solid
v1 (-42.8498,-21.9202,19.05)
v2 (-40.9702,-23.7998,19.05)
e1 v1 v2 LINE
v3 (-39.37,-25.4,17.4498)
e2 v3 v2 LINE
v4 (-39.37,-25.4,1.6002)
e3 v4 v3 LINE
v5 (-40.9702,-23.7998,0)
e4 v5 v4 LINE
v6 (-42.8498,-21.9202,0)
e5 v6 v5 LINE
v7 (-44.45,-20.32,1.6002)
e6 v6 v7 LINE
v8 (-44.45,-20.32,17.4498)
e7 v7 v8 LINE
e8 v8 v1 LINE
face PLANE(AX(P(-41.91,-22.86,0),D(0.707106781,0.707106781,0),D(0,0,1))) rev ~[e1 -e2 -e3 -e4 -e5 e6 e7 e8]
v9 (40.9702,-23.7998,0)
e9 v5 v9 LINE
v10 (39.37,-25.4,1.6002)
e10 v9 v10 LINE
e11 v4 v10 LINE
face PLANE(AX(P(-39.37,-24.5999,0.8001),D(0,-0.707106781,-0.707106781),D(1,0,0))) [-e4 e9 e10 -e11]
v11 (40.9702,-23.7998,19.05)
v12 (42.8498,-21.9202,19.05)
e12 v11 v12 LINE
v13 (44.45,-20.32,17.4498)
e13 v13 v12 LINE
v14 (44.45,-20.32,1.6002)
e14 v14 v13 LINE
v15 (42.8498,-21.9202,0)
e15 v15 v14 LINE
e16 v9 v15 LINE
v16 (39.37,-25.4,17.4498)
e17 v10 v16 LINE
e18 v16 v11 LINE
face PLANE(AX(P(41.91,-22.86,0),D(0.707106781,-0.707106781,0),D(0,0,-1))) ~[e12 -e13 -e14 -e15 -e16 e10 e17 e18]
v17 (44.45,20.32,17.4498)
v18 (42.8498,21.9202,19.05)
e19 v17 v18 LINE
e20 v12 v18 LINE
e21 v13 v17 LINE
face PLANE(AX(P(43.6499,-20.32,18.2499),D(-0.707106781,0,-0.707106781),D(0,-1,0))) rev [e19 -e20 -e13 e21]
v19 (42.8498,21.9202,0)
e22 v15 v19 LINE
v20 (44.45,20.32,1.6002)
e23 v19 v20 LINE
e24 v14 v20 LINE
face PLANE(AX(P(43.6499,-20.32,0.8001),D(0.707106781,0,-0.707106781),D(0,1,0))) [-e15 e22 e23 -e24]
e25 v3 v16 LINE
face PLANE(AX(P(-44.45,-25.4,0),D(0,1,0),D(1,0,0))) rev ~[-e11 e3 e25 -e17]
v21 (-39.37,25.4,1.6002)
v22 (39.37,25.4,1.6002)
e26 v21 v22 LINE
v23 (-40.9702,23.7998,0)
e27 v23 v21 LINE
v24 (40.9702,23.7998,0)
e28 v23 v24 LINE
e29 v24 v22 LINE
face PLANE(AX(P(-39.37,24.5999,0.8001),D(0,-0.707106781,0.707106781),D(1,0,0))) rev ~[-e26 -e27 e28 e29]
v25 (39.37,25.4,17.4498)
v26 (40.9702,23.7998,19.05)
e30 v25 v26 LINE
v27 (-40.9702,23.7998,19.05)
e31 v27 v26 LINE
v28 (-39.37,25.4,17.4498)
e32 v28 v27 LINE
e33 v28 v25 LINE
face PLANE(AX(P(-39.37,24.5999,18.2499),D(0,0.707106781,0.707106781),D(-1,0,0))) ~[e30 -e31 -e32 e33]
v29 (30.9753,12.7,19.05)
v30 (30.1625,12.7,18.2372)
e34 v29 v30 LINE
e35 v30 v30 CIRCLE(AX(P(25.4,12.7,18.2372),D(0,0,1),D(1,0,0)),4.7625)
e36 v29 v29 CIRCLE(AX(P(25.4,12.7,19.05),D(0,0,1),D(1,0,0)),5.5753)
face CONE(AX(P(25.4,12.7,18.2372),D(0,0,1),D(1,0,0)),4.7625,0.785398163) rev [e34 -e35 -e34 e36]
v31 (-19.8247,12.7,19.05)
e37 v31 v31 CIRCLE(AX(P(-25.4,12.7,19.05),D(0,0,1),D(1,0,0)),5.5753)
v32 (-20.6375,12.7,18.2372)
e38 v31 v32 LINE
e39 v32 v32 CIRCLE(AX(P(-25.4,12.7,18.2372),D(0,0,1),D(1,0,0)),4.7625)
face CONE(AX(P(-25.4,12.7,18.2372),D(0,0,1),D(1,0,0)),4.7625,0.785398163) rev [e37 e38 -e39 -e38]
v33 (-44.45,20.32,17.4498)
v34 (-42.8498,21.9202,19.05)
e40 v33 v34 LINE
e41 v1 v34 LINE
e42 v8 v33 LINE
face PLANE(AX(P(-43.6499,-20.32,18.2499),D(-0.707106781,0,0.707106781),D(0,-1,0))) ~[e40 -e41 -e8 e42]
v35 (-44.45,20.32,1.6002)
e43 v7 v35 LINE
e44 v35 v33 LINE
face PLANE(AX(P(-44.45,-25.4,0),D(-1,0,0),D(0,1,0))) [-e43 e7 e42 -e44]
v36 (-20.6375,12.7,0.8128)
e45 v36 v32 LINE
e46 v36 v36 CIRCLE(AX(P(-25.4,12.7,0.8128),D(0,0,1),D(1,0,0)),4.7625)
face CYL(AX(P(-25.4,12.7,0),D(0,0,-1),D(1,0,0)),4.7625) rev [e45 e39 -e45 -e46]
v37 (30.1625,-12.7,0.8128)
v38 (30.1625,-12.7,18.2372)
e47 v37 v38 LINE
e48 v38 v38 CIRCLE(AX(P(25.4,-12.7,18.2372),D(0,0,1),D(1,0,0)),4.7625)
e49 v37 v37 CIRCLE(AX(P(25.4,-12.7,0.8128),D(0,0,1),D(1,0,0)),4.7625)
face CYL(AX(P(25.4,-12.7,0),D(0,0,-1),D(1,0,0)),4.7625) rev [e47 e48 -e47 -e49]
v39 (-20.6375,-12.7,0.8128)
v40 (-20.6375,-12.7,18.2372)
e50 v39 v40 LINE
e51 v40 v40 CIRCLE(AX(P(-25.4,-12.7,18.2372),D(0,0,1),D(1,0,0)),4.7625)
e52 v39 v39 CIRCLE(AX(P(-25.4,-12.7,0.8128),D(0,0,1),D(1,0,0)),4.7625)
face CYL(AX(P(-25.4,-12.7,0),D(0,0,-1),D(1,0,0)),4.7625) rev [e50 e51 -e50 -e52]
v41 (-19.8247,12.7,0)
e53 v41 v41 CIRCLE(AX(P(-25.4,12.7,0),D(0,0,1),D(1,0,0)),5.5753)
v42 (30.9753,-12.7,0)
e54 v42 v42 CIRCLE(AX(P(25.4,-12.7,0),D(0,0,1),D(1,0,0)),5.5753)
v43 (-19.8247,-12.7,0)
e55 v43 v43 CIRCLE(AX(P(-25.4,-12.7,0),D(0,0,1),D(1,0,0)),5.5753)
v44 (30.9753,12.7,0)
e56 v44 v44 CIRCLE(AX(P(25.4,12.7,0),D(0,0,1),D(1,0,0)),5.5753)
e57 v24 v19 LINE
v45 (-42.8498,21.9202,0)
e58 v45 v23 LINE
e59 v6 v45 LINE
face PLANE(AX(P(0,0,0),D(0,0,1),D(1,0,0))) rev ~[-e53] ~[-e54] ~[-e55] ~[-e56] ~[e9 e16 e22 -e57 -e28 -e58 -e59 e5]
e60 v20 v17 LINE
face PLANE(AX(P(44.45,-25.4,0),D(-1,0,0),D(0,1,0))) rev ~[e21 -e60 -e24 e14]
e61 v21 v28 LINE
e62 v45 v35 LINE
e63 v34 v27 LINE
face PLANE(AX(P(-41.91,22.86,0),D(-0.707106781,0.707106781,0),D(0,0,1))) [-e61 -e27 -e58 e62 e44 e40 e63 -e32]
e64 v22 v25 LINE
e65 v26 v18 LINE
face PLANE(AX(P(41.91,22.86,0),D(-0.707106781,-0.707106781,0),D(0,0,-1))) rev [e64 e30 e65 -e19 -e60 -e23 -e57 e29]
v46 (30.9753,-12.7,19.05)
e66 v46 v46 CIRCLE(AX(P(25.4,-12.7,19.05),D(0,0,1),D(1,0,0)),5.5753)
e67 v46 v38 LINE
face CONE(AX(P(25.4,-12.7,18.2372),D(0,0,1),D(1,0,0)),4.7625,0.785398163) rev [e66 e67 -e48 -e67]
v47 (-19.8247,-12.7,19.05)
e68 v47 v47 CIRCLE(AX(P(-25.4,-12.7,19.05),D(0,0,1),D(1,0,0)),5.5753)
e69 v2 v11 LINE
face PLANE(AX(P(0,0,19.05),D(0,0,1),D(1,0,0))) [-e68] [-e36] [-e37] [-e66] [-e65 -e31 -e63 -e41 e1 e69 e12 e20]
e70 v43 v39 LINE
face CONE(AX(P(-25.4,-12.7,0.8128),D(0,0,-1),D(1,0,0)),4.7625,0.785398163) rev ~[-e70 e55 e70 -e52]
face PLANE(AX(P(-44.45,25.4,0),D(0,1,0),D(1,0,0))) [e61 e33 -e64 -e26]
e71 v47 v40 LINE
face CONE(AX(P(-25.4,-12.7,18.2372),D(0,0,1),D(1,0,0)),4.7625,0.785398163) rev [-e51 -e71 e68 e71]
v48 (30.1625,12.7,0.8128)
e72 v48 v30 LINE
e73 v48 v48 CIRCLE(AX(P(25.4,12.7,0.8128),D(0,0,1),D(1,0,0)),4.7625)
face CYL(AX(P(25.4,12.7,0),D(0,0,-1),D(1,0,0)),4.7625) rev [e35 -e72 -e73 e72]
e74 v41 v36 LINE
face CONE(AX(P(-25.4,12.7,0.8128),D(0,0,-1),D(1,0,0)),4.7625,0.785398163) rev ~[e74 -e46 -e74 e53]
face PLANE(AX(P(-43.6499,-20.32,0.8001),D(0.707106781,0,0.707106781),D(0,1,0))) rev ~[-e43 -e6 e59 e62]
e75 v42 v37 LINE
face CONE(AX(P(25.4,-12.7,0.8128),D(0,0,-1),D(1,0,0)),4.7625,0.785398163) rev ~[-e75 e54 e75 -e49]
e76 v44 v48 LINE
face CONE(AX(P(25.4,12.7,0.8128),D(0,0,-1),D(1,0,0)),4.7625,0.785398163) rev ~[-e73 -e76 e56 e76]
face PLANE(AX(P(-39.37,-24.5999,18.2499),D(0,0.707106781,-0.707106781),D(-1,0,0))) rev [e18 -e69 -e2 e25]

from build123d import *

# Parameters (mm, degrees)
F0_W     = 88.9
F0_H     = 50.8
F0_R     = 4.7625
F1_DEPTH = 19.05
F2_SIZE  = 5.08
F3_SIZE  = 0.8128
F4_SIZE  = 1.6002


with BuildPart() as f1:
    # F0 (on Top) → F1 (new body)
    with BuildSketch(Plane.XY):
        Rectangle(F0_W, F0_H)
        with Locations((-25.4, -12.7)):
            Circle(F0_R, mode=Mode.SUBTRACT)
        with Locations((25.4, -12.7)):
            Circle(F0_R, mode=Mode.SUBTRACT)
        with Locations((-25.4, 12.7)):
            Circle(F0_R, mode=Mode.SUBTRACT)
        with Locations((25.4, 12.7)):
            Circle(F0_R, mode=Mode.SUBTRACT)
    extrude(amount=F1_DEPTH)

    # F2
    f2_edges = [f1.edges().sort_by_distance(p)[0] for p in [
        (44.45, -25.4, 9.525),
        (44.45, 25.4, 9.525),
        (-44.45, 25.4, 9.525),
        (-44.45, -25.4, 9.525),
    ]]
    chamfer(f2_edges, length=F2_SIZE)

    # F3
    f3_edges = [f1.edges().sort_by_distance(p)[0] for p in [
        (-30.1625, 12.7, 19.05),
        (-30.1625, 12.7, 0),
        (20.6375, 12.7, 19.05),
        (20.6375, 12.7, 0),
        (20.6375, -12.7, 19.05),
        (20.6375, -12.7, 0),
        (-30.1625, -12.7, 19.05),
        (-30.1625, -12.7, 0),
    ]]
    chamfer(f3_edges, length=F3_SIZE)

    # F4
    f4_edges = [f1.edges().sort_by_distance(p)[0] for p in [
        (0, -25.4, 19.05),
        (-44.45, 0, 19.05),
        (0, 25.4, 19.05),
        (-44.45, 0, 0),
        (0, -25.4, 0),
        (44.45, 0, 19.05),
        (44.45, 0, 0),
        (0, 25.4, 0),
    ]]
    chamfer(f4_edges, length=F4_SIZE)


solid = f1.part
